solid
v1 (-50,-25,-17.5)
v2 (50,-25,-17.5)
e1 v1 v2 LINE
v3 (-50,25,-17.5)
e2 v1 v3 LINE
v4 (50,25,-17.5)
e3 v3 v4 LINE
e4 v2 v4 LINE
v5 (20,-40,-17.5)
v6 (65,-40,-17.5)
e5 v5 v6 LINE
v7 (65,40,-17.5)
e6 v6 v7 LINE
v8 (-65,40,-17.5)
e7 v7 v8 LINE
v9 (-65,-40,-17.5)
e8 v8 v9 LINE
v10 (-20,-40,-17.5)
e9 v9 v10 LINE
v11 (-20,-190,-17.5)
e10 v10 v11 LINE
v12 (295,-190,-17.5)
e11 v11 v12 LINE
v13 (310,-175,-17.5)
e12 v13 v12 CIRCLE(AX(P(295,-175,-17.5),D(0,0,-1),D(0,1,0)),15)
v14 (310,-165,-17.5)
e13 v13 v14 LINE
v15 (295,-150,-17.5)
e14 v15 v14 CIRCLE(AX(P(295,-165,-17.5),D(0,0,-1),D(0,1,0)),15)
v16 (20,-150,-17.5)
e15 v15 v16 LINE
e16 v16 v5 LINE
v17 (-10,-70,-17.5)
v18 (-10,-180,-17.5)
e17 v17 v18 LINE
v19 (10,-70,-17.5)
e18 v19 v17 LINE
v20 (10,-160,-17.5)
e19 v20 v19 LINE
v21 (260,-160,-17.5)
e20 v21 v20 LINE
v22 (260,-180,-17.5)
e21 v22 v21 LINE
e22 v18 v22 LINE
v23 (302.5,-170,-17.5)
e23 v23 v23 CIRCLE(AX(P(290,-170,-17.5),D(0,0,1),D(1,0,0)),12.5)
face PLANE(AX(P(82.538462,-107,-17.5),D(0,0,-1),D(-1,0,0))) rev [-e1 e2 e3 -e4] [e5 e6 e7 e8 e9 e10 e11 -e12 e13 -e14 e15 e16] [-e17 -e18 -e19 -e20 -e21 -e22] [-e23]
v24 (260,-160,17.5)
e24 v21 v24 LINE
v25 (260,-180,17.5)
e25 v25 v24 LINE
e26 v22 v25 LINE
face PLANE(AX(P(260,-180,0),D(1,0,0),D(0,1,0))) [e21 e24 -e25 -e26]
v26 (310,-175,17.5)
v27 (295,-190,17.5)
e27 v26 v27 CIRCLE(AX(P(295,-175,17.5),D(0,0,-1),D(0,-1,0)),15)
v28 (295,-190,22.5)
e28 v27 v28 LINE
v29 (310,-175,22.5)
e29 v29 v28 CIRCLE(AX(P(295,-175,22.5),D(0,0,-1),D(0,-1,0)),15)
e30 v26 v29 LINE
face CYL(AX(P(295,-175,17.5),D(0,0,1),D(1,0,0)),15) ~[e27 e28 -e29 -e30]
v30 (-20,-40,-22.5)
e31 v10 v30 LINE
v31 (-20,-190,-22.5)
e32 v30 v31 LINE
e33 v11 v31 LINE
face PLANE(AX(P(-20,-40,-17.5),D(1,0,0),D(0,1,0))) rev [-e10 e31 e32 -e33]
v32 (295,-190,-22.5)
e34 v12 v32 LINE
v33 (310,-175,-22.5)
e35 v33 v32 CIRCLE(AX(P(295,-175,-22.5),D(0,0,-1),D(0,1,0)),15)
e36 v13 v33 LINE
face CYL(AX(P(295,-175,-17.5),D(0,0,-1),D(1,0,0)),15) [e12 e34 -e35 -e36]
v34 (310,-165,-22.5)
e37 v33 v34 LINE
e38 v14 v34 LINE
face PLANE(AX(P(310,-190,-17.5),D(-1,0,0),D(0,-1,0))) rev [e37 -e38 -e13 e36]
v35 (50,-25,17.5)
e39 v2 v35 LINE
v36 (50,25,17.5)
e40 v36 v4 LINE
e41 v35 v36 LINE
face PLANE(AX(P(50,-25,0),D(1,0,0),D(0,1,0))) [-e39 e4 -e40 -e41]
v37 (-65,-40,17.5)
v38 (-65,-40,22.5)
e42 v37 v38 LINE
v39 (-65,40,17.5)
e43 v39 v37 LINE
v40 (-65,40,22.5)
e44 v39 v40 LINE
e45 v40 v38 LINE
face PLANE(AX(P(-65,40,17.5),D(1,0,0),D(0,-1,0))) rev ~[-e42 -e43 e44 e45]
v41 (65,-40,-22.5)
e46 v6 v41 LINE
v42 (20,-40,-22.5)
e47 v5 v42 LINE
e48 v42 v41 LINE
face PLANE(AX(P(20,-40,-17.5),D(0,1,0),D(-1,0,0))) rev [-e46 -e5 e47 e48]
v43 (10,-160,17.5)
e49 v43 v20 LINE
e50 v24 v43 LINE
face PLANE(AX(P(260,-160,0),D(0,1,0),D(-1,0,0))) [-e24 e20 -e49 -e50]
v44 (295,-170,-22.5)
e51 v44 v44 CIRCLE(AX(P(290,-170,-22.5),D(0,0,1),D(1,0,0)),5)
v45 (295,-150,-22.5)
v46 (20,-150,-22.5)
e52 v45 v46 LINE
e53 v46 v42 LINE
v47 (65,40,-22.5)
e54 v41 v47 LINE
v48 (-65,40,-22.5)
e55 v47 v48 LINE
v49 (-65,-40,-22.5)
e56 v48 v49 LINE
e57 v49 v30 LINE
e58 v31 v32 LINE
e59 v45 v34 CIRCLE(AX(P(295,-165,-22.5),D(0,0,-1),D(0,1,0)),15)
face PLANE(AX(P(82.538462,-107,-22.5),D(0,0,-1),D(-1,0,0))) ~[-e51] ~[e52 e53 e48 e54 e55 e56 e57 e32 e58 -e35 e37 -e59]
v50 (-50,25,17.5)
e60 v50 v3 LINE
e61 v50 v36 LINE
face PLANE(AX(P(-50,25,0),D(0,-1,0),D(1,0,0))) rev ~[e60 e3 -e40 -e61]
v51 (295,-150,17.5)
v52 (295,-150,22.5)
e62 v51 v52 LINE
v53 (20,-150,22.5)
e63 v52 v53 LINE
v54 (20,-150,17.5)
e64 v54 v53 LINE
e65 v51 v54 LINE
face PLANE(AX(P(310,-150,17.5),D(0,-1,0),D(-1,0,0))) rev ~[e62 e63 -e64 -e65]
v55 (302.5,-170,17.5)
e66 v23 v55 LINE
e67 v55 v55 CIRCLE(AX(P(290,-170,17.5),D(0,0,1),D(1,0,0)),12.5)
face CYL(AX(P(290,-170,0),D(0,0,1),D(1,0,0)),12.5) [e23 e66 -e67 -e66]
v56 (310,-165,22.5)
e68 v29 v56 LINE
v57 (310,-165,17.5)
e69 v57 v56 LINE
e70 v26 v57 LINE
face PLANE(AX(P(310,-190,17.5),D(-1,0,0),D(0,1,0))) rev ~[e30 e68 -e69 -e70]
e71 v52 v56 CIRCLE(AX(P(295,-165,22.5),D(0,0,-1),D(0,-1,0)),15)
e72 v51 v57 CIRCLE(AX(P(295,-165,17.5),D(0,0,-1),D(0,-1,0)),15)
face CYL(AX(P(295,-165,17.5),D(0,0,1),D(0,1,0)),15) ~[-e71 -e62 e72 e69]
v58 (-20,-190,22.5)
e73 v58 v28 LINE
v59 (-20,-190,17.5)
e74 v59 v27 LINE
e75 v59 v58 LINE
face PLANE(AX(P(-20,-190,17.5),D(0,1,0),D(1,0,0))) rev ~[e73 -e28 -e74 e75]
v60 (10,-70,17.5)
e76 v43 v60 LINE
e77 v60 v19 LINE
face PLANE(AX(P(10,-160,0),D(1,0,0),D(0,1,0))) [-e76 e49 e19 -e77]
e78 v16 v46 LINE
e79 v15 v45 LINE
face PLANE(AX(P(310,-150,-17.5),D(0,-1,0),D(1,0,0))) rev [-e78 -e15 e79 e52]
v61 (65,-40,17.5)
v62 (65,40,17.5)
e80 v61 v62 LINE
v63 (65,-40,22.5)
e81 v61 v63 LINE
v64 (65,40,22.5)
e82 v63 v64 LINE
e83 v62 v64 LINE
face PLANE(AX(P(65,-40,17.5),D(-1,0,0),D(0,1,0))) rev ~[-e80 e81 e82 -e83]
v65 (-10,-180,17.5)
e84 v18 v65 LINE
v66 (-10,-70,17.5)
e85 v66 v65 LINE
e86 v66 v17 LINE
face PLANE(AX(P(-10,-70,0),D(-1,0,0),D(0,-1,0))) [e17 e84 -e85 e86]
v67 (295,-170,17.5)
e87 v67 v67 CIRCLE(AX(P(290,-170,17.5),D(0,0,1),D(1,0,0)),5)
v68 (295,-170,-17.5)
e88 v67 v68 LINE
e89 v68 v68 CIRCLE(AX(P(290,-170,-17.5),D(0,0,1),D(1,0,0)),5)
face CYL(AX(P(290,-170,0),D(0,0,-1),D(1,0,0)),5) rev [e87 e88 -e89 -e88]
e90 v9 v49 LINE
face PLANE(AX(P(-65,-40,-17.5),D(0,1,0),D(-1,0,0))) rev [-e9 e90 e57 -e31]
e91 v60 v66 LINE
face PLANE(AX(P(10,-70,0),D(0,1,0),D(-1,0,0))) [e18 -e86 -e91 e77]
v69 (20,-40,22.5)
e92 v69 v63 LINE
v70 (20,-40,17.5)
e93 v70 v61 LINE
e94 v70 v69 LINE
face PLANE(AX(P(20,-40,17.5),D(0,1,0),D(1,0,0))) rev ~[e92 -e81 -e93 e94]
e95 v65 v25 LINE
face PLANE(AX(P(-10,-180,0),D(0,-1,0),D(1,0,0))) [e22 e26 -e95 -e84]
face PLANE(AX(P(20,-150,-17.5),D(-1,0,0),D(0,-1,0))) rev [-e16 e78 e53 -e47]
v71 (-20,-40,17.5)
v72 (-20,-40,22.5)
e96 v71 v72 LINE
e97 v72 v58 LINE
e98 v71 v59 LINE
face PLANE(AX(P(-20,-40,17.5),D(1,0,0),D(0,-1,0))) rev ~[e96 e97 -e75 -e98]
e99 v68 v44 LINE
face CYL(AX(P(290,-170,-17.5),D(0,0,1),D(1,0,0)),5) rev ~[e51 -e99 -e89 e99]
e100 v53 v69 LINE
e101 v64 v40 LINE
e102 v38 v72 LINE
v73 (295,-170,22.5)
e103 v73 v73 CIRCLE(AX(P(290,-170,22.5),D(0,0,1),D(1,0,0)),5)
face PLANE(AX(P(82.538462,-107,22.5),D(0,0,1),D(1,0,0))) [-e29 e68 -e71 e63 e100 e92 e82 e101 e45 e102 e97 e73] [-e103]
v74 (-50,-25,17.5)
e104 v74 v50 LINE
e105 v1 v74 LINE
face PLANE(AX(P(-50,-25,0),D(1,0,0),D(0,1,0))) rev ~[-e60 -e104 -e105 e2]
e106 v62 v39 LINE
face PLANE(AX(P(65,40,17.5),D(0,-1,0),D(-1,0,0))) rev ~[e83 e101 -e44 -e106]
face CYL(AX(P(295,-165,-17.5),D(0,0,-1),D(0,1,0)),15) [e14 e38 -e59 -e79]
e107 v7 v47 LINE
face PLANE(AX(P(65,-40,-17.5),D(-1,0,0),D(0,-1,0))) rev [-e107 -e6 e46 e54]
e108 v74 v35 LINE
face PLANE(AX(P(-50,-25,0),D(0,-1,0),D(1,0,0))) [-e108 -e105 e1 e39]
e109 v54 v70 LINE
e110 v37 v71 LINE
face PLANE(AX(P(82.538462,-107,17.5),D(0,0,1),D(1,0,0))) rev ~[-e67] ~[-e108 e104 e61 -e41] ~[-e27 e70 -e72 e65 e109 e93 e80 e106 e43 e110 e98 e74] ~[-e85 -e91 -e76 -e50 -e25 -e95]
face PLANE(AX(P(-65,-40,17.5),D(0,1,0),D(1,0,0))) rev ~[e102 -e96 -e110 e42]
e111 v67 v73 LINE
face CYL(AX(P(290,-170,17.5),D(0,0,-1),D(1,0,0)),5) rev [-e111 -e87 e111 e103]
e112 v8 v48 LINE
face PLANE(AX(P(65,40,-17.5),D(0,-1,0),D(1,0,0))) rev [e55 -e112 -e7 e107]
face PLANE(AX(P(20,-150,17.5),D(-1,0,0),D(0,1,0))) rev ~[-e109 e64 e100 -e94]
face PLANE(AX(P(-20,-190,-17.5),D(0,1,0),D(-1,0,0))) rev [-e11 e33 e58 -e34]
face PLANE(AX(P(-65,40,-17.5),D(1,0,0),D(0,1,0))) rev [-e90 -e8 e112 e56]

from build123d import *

# Parameters (mm, degrees)
SKETCH1_W           = 100
SKETCH1_H           = 50
BOSS_EXTRUDE1_DEPTH = 17.5
SKETCH2_R           = 5
BOSS_EXTRUDE2_DEPTH = 5
BOSS_EXTRUDE3_DEPTH = 17.5
FILLET1_R           = 15
SKETCH5_R           = 12.5
SKETCH5_R_2         = 5
BOSS_EXTRUDE4_DEPTH = 17.5


with BuildPart() as part:
    # Sketch1 → Boss-Extrude1 (new, symmetric)
    with BuildSketch(Plane.XY):
        Rectangle(SKETCH1_W, SKETCH1_H)
    extrude(amount=BOSS_EXTRUDE1_DEPTH, both=True)

    # Sketch2 → Boss-Extrude2 (add)
    with BuildSketch(Plane.XY.offset(17.5)):
        Polygon((20, -40), (65, -40), (65, 40), (-65, 40), (-65, -40), (-20, -40), (-20, -190), (20, -190), (270, -190), (310, -190), (310, -150), (270, -150), (20, -150), align=None)
        with Locations((290, -170)):
            Circle(SKETCH2_R, mode=Mode.SUBTRACT)
    boss_extrude2 = extrude(amount=BOSS_EXTRUDE2_DEPTH)

    # Mirror1: Boss-Extrude2 across plane
    add(boss_extrude2.mirror(Plane.XY))

    # Sketch4 → Boss-Extrude3 (add, symmetric)
    with BuildSketch(Plane.XY):
        Polygon((-10, -70), (-10, -180), (260, -180), (260, -160), (10, -160), (10, -70), align=None)
    extrude(amount=BOSS_EXTRUDE3_DEPTH, both=True)

    # Fillet1
    fillet1_edges = [part.edges().sort_by_distance(p)[0] for p in [
        (310, -190, 20),
        (310, -150, 20),
        (310, -150, -20),
        (310, -190, -20),
    ]]
    fillet(fillet1_edges, radius=FILLET1_R)

    # Sketch5 → Boss-Extrude4 (add, symmetric)
    with BuildSketch(Plane.XY):
        with Locations((290, -170)):
            Circle(SKETCH5_R)
        with Locations((290, -170)):
            Circle(SKETCH5_R_2, mode=Mode.SUBTRACT)
    extrude(amount=BOSS_EXTRUDE4_DEPTH, both=True)


solid = part.part
